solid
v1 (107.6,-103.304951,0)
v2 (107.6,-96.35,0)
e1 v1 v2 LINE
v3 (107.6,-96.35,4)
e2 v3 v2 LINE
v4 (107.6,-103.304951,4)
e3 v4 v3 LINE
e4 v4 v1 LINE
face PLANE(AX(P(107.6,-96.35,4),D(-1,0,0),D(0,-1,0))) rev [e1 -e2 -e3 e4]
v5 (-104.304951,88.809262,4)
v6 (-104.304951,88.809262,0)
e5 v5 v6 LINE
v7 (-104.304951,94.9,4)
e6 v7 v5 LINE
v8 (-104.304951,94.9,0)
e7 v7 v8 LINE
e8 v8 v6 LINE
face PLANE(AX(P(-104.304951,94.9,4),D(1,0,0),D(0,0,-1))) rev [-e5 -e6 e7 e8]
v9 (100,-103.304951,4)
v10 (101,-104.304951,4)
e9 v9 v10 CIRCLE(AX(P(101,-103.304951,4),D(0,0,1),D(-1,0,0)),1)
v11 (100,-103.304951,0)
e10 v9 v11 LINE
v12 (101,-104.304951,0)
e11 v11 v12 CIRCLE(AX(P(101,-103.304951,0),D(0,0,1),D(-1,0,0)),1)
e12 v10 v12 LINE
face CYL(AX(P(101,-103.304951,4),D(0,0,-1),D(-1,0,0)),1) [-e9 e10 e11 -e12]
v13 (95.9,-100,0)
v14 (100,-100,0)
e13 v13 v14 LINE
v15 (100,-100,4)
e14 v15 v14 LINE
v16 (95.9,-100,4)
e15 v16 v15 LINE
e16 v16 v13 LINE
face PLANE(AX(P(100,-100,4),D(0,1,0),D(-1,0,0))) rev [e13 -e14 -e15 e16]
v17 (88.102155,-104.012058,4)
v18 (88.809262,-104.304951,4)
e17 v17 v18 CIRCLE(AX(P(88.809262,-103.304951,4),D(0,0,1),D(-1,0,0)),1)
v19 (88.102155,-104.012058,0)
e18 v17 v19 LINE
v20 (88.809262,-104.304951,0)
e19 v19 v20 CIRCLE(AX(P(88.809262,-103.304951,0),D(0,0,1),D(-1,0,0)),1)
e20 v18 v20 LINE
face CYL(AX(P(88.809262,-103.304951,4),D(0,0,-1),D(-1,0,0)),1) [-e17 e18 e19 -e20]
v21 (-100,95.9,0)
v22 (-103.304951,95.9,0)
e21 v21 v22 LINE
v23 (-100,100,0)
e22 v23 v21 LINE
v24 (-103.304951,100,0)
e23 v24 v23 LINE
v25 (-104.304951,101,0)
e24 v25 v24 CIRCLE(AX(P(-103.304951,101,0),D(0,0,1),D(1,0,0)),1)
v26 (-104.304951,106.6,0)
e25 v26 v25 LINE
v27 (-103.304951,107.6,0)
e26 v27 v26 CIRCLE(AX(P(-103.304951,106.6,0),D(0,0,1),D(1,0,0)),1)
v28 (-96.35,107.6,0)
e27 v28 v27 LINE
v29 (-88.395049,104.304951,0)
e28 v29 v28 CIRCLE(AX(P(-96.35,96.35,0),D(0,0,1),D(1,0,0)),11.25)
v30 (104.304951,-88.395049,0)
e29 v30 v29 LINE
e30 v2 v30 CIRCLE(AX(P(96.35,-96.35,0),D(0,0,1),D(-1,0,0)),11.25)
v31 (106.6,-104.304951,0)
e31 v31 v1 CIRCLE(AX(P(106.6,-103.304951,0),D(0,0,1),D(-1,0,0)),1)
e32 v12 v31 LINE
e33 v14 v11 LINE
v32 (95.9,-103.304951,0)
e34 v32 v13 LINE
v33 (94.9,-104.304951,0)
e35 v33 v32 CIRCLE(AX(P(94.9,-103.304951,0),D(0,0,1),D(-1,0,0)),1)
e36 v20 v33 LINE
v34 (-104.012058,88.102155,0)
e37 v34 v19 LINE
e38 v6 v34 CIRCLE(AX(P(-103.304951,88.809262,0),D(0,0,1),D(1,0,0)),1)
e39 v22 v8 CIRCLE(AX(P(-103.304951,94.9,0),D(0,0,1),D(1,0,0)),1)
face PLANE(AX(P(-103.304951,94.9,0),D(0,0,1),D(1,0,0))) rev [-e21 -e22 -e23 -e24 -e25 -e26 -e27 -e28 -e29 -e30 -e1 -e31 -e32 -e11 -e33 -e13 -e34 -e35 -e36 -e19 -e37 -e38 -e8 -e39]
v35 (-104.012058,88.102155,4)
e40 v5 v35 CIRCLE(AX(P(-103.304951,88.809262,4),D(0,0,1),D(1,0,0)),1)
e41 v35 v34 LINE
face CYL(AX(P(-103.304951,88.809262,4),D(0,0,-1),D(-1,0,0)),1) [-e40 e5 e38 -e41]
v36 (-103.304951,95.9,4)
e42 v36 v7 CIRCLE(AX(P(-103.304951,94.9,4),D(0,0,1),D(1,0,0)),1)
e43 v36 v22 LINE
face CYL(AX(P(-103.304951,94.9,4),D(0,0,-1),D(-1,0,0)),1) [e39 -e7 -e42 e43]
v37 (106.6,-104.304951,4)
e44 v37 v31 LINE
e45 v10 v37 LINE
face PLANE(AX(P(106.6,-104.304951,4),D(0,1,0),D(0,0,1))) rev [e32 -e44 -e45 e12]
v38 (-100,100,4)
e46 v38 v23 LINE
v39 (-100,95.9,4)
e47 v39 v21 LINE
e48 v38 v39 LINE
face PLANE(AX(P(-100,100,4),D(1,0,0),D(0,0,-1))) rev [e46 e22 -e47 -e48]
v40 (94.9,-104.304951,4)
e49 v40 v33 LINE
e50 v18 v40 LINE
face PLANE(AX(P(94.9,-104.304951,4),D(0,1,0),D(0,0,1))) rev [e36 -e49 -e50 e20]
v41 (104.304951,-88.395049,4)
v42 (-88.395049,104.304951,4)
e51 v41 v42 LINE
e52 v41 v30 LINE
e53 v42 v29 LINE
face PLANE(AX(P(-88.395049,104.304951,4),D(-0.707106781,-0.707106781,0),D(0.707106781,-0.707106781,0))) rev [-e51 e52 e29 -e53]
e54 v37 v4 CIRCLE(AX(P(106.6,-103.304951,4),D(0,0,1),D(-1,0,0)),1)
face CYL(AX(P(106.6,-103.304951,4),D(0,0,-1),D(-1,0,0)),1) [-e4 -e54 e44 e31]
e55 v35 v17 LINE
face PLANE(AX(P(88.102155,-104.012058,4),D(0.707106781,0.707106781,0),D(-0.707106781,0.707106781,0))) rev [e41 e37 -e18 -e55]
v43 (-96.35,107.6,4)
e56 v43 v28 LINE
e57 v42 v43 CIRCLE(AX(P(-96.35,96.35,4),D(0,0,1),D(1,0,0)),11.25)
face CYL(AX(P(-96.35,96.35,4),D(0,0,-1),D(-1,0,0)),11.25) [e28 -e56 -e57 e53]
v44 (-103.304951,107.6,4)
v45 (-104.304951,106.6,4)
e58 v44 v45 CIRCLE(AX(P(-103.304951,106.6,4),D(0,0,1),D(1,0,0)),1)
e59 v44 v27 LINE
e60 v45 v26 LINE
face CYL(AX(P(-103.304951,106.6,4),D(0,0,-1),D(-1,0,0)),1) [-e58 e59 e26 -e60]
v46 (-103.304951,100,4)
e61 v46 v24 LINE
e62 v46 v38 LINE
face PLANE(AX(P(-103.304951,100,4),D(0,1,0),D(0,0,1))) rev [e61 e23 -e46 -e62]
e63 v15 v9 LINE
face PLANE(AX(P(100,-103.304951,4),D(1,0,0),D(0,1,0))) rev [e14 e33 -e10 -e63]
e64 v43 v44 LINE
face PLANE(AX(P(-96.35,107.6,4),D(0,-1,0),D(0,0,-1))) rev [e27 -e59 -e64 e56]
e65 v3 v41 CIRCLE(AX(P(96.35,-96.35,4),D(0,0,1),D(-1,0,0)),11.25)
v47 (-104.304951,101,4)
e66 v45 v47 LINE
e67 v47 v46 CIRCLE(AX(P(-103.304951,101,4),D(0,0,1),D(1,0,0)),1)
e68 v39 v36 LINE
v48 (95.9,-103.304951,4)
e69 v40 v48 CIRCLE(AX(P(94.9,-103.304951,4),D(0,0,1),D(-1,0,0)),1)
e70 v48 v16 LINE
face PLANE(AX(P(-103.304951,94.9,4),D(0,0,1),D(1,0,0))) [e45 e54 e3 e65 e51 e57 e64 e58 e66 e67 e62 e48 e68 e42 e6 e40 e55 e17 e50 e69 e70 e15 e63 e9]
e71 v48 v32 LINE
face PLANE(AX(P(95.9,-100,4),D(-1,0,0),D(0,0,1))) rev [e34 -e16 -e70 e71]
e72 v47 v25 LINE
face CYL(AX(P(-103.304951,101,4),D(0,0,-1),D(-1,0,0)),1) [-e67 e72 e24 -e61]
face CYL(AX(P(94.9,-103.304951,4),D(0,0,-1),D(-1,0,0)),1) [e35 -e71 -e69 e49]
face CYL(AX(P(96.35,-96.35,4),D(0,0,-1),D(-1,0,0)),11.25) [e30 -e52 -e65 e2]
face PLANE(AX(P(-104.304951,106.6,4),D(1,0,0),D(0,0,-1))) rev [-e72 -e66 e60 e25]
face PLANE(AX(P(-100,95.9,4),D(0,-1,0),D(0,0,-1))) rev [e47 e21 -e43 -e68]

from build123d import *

# Parameters (mm, degrees)
BOSS_EXTRUDE1_DEPTH = 4


with BuildPart() as part:
    # Sketch1 → Boss-Extrude1 (new body)
    with BuildSketch(Plane.XY):
        with BuildLine():
            Line((-96.35, 107.6), (-103.304951288, 107.6))
            ThreePointArc((-103.304951288, 107.6), (-104.01205807, 107.307106781), (-104.304951288, 106.6))
            Line((-104.304951288, 106.6), (-104.304951288, 101))
            ThreePointArc((-104.304951288, 101), (-104.01205807, 100.292893219), (-103.304951288, 100))
            Line((-103.304951288, 100), (-100, 100))
            Line((-100, 100), (-100, 95.9))
            Line((-100, 95.9), (-103.304951288, 95.9))
            ThreePointArc((-103.304951288, 95.9), (-104.01205807, 95.607106781), (-104.304951288, 94.9))
            Line((-104.304951288, 94.9), (-104.304951288, 88.809262274))
            ThreePointArc((-104.304951288, 88.809262274), (-104.228830821, 88.426578842), (-104.01205807, 88.102155493))
            Line((-104.01205807, 88.102155493), (-100, 84.090097423))
            Line((-100, 84.090097423), (84.090097423, -100))
            Line((84.090097423, -100), (88.102155493, -104.01205807))
            ThreePointArc((88.102155493, -104.01205807), (88.426578842, -104.228830821), (88.809262274, -104.304951288))
            Line((88.809262274, -104.304951288), (94.9, -104.304951288))
            ThreePointArc((94.9, -104.304951288), (95.607106781, -104.01205807), (95.9, -103.304951288))
            Line((95.9, -103.304951288), (95.9, -100))
            Line((95.9, -100), (100, -100))
            Line((100, -100), (100, -103.304951288))
            ThreePointArc((100, -103.304951288), (100.292893219, -104.01205807), (101, -104.304951288))
            Line((101, -104.304951288), (106.6, -104.304951288))
            ThreePointArc((106.6, -104.304951288), (107.307106781, -104.01205807), (107.6, -103.304951288))
            Line((107.6, -103.304951288), (107.6, -96.35))
            ThreePointArc((107.6, -96.35), (106.743644741, -92.044811386), (104.304951288, -88.395048712))
            Line((104.304951288, -88.395048712), (100, -84.090097423))
            Line((100, -84.090097423), (-84.090097423, 100))
            Line((-84.090097423, 100), (-88.395048712, 104.304951288))
            ThreePointArc((-88.395048712, 104.304951288), (-92.044811386, 106.743644741), (-96.35, 107.6))
        make_face()
    extrude(amount=BOSS_EXTRUDE1_DEPTH)


solid = part.part
